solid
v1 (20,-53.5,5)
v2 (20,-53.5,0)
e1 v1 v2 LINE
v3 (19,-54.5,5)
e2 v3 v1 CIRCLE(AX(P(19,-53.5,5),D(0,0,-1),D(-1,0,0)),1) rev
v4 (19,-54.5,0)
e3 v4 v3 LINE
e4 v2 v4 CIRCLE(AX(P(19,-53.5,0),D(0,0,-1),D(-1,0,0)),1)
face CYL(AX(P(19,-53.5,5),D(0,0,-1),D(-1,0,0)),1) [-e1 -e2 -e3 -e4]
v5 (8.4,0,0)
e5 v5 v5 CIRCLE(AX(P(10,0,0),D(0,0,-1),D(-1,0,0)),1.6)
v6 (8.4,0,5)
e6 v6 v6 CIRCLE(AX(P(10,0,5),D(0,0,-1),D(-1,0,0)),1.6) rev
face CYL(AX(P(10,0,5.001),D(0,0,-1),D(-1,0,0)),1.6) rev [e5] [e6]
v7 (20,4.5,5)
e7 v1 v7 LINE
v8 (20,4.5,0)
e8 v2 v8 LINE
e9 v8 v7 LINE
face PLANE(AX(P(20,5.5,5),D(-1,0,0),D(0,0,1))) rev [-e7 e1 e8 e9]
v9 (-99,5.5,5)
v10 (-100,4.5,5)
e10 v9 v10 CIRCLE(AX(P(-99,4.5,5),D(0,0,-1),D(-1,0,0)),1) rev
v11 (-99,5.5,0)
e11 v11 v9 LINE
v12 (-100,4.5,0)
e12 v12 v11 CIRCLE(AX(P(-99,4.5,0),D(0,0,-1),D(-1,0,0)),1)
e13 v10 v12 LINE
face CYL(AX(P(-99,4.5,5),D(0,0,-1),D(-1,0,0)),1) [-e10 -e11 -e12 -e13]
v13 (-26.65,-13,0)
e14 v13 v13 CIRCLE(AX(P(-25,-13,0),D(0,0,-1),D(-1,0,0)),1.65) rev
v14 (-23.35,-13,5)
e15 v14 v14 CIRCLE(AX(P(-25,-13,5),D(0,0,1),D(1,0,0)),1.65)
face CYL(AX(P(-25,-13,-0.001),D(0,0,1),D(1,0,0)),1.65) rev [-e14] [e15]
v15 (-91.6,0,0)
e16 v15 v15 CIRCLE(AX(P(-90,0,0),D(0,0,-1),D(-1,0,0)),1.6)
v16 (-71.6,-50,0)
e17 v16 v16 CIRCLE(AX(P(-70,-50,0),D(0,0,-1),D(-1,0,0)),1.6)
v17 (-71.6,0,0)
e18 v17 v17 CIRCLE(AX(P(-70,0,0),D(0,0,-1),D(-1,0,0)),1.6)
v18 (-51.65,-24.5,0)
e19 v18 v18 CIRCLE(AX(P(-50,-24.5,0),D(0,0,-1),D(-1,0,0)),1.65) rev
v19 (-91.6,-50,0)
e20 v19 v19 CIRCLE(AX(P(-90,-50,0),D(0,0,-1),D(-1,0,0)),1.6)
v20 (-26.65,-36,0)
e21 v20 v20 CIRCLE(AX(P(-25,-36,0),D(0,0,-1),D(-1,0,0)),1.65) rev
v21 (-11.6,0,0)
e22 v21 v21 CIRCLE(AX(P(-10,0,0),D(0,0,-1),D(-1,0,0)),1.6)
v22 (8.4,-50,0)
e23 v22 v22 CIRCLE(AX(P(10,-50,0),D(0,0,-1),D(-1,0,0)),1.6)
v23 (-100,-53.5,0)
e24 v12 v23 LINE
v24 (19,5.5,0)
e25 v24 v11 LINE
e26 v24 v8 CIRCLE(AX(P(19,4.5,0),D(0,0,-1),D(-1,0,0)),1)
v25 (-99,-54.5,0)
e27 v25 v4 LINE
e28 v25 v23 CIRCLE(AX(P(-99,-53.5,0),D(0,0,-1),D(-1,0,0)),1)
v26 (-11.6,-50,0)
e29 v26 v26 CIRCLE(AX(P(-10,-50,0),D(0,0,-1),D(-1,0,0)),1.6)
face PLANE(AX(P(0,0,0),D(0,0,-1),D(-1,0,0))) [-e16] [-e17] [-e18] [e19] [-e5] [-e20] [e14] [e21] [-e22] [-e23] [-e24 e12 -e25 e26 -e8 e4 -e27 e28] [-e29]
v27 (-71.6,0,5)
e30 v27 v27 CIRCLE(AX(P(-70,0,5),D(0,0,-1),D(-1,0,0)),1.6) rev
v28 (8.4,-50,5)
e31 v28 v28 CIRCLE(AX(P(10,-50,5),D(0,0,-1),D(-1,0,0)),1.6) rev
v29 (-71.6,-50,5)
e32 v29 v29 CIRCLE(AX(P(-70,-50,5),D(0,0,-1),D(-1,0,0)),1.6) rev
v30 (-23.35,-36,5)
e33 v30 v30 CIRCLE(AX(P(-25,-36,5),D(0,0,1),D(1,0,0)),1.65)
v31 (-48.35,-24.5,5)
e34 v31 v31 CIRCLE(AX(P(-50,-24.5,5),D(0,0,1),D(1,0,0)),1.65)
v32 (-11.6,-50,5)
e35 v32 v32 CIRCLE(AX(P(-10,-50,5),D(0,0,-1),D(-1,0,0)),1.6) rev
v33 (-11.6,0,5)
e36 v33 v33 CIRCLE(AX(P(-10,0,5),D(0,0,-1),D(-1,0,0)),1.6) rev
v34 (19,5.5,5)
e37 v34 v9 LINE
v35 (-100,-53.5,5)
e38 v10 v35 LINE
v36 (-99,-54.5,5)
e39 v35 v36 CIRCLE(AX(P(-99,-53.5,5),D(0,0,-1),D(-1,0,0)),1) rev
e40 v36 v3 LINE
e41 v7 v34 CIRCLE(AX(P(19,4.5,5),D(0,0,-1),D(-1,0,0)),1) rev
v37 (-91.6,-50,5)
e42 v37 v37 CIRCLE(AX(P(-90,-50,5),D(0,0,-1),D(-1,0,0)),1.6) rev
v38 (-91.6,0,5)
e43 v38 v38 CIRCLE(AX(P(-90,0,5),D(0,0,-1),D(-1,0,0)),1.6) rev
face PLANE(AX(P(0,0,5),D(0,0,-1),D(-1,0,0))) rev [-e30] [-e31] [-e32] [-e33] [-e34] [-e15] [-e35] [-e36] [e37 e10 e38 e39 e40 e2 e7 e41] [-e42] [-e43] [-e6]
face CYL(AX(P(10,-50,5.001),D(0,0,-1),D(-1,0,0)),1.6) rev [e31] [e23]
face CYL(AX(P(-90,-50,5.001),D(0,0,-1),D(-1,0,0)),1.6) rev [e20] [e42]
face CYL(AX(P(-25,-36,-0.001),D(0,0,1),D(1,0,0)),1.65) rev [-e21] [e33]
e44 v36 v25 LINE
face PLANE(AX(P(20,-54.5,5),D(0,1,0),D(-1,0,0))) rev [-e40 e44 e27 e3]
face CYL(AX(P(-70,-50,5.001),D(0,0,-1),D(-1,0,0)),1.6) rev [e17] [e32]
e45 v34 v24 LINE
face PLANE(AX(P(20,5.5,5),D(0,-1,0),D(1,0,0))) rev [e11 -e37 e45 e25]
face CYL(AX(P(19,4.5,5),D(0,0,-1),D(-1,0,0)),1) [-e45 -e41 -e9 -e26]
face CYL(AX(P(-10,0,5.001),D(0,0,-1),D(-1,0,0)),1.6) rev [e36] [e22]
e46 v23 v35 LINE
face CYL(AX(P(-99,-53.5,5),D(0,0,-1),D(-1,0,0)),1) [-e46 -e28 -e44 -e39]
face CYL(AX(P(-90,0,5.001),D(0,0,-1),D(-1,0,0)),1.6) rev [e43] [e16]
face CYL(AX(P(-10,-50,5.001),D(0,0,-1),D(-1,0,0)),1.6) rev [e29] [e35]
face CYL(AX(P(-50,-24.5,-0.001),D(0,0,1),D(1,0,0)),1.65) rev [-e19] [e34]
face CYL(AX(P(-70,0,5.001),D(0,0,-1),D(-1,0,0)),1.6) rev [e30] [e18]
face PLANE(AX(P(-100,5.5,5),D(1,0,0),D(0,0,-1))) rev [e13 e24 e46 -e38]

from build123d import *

# Parameters (mm, degrees)
SKETCH_1_W          = 120
SKETCH_1_H          = 60
EXTRUDE_1_DEPTH     = 5
CUT_EXTRUDE_1_REACH = 115.997
SKETCH_2_R          = 1.65
CUT_EXTRUDE_2_REACH = 115.997
SKETCH_4_R          = 1.6
FILLET_1_R          = 1


with BuildPart() as part:
    # 草图1 → 凸台-拉伸1 (new body)
    with BuildSketch(Plane.XY):
        with Locations((-40, -24.5)):
            Rectangle(SKETCH_1_W, SKETCH_1_H)
    extrude(amount=EXTRUDE_1_DEPTH)

    # 草图2 → 切除-拉伸1 (cut, up to next)
    with BuildSketch(Plane.XY.offset(5), mode=Mode.PRIVATE) as cut_extrude_1_sk1:
        with Locations((-25, -13)):
            Circle(SKETCH_2_R)
    cut_extrude_1_tool1 = extrude(cut_extrude_1_sk1.sketch, amount=-CUT_EXTRUDE_1_REACH, mode=Mode.PRIVATE) & part.part
    # 草图2 → 切除-拉伸1 (cut, up to next)
    with BuildSketch(Plane.XY.offset(5), mode=Mode.PRIVATE) as cut_extrude_1_sk2:
        with Locations((-50, -24.5)):
            Circle(SKETCH_2_R)
    cut_extrude_1_tool2 = extrude(cut_extrude_1_sk2.sketch, amount=-CUT_EXTRUDE_1_REACH, mode=Mode.PRIVATE) & part.part
    # 草图2 → 切除-拉伸1 (cut, up to next)
    with BuildSketch(Plane.XY.offset(5), mode=Mode.PRIVATE) as cut_extrude_1_sk3:
        with Locations((-25, -36)):
            Circle(SKETCH_2_R)
    cut_extrude_1_tool3 = extrude(cut_extrude_1_sk3.sketch, amount=-CUT_EXTRUDE_1_REACH, mode=Mode.PRIVATE) & part.part
    add(cut_extrude_1_tool1.solids().sort_by_distance((-25, -13, 5))[0], mode=Mode.SUBTRACT)
    add(cut_extrude_1_tool2.solids().sort_by_distance((-50, -24.5, 5))[0], mode=Mode.SUBTRACT)
    add(cut_extrude_1_tool3.solids().sort_by_distance((-25, -36, 5))[0], mode=Mode.SUBTRACT)

    # 草图4 → 切除-拉伸2 (cut, up to next)
    with BuildSketch(Plane(origin=(0, 0, 0), x_dir=(-1, 0, 0), z_dir=(0, 0, -1)), mode=Mode.PRIVATE) as cut_extrude_2_sk1:
        with Locations((90, 0)):
            Circle(SKETCH_4_R)
    cut_extrude_2_tool1 = extrude(cut_extrude_2_sk1.sketch, amount=-CUT_EXTRUDE_2_REACH, mode=Mode.PRIVATE) & part.part
    # 草图4 → 切除-拉伸2 (cut, up to next)
    with BuildSketch(Plane(origin=(0, 0, 0), x_dir=(-1, 0, 0), z_dir=(0, 0, -1)), mode=Mode.PRIVATE) as cut_extrude_2_sk2:
        with Locations((70, 0)):
            Circle(SKETCH_4_R)
    cut_extrude_2_tool2 = extrude(cut_extrude_2_sk2.sketch, amount=-CUT_EXTRUDE_2_REACH, mode=Mode.PRIVATE) & part.part
    # 草图4 → 切除-拉伸2 (cut, up to next)
    with BuildSketch(Plane(origin=(0, 0, 0), x_dir=(-1, 0, 0), z_dir=(0, 0, -1)), mode=Mode.PRIVATE) as cut_extrude_2_sk3:
        with Locations((70, -50)):
            Circle(SKETCH_4_R)
    cut_extrude_2_tool3 = extrude(cut_extrude_2_sk3.sketch, amount=-CUT_EXTRUDE_2_REACH, mode=Mode.PRIVATE) & part.part
    # 草图4 → 切除-拉伸2 (cut, up to next)
    with BuildSketch(Plane(origin=(0, 0, 0), x_dir=(-1, 0, 0), z_dir=(0, 0, -1)), mode=Mode.PRIVATE) as cut_extrude_2_sk4:
        with Locations((90, -50)):
            Circle(SKETCH_4_R)
    cut_extrude_2_tool4 = extrude(cut_extrude_2_sk4.sketch, amount=-CUT_EXTRUDE_2_REACH, mode=Mode.PRIVATE) & part.part
    # 草图4 → 切除-拉伸2 (cut, up to next)
    with BuildSketch(Plane(origin=(0, 0, 0), x_dir=(-1, 0, 0), z_dir=(0, 0, -1)), mode=Mode.PRIVATE) as cut_extrude_2_sk5:
        with Locations((10, -50)):
            Circle(SKETCH_4_R)
    cut_extrude_2_tool5 = extrude(cut_extrude_2_sk5.sketch, amount=-CUT_EXTRUDE_2_REACH, mode=Mode.PRIVATE) & part.part
    # 草图4 → 切除-拉伸2 (cut, up to next)
    with BuildSketch(Plane(origin=(0, 0, 0), x_dir=(-1, 0, 0), z_dir=(0, 0, -1)), mode=Mode.PRIVATE) as cut_extrude_2_sk6:
        with Locations((-10, -50)):
            Circle(SKETCH_4_R)
    cut_extrude_2_tool6 = extrude(cut_extrude_2_sk6.sketch, amount=-CUT_EXTRUDE_2_REACH, mode=Mode.PRIVATE) & part.part
    # 草图4 → 切除-拉伸2 (cut, up to next)
    with BuildSketch(Plane(origin=(0, 0, 0), x_dir=(-1, 0, 0), z_dir=(0, 0, -1)), mode=Mode.PRIVATE) as cut_extrude_2_sk7:
        with Locations((-10, 0)):
            Circle(SKETCH_4_R)
    cut_extrude_2_tool7 = extrude(cut_extrude_2_sk7.sketch, amount=-CUT_EXTRUDE_2_REACH, mode=Mode.PRIVATE) & part.part
    # 草图4 → 切除-拉伸2 (cut, up to next)
    with BuildSketch(Plane(origin=(0, 0, 0), x_dir=(-1, 0, 0), z_dir=(0, 0, -1)), mode=Mode.PRIVATE) as cut_extrude_2_sk8:
        with Locations((10, 0)):
            Circle(SKETCH_4_R)
    cut_extrude_2_tool8 = extrude(cut_extrude_2_sk8.sketch, amount=-CUT_EXTRUDE_2_REACH, mode=Mode.PRIVATE) & part.part
    add(cut_extrude_2_tool1.solids().sort_by_distance((-90, 0, 0))[0], mode=Mode.SUBTRACT)
    add(cut_extrude_2_tool2.solids().sort_by_distance((-70, 0, 0))[0], mode=Mode.SUBTRACT)
    add(cut_extrude_2_tool3.solids().sort_by_distance((-70, -50, 0))[0], mode=Mode.SUBTRACT)
    add(cut_extrude_2_tool4.solids().sort_by_distance((-90, -50, 0))[0], mode=Mode.SUBTRACT)
    add(cut_extrude_2_tool5.solids().sort_by_distance((-10, -50, 0))[0], mode=Mode.SUBTRACT)
    add(cut_extrude_2_tool6.solids().sort_by_distance((10, -50, 0))[0], mode=Mode.SUBTRACT)
    add(cut_extrude_2_tool7.solids().sort_by_distance((10, 0, 0))[0], mode=Mode.SUBTRACT)
    add(cut_extrude_2_tool8.solids().sort_by_distance((-10, 0, 0))[0], mode=Mode.SUBTRACT)

    # 圆角1
    fillet_1_edges = [part.edges().sort_by_distance(p)[0] for p in [
        (20, -54.5, 2.5),
        (-100, -54.5, 2.5),
        (-100, 5.5, 2.5),
        (20, 5.5, 2.5),
    ]]
    fillet(fillet_1_edges, radius=FILLET_1_R)


solid = part.part
